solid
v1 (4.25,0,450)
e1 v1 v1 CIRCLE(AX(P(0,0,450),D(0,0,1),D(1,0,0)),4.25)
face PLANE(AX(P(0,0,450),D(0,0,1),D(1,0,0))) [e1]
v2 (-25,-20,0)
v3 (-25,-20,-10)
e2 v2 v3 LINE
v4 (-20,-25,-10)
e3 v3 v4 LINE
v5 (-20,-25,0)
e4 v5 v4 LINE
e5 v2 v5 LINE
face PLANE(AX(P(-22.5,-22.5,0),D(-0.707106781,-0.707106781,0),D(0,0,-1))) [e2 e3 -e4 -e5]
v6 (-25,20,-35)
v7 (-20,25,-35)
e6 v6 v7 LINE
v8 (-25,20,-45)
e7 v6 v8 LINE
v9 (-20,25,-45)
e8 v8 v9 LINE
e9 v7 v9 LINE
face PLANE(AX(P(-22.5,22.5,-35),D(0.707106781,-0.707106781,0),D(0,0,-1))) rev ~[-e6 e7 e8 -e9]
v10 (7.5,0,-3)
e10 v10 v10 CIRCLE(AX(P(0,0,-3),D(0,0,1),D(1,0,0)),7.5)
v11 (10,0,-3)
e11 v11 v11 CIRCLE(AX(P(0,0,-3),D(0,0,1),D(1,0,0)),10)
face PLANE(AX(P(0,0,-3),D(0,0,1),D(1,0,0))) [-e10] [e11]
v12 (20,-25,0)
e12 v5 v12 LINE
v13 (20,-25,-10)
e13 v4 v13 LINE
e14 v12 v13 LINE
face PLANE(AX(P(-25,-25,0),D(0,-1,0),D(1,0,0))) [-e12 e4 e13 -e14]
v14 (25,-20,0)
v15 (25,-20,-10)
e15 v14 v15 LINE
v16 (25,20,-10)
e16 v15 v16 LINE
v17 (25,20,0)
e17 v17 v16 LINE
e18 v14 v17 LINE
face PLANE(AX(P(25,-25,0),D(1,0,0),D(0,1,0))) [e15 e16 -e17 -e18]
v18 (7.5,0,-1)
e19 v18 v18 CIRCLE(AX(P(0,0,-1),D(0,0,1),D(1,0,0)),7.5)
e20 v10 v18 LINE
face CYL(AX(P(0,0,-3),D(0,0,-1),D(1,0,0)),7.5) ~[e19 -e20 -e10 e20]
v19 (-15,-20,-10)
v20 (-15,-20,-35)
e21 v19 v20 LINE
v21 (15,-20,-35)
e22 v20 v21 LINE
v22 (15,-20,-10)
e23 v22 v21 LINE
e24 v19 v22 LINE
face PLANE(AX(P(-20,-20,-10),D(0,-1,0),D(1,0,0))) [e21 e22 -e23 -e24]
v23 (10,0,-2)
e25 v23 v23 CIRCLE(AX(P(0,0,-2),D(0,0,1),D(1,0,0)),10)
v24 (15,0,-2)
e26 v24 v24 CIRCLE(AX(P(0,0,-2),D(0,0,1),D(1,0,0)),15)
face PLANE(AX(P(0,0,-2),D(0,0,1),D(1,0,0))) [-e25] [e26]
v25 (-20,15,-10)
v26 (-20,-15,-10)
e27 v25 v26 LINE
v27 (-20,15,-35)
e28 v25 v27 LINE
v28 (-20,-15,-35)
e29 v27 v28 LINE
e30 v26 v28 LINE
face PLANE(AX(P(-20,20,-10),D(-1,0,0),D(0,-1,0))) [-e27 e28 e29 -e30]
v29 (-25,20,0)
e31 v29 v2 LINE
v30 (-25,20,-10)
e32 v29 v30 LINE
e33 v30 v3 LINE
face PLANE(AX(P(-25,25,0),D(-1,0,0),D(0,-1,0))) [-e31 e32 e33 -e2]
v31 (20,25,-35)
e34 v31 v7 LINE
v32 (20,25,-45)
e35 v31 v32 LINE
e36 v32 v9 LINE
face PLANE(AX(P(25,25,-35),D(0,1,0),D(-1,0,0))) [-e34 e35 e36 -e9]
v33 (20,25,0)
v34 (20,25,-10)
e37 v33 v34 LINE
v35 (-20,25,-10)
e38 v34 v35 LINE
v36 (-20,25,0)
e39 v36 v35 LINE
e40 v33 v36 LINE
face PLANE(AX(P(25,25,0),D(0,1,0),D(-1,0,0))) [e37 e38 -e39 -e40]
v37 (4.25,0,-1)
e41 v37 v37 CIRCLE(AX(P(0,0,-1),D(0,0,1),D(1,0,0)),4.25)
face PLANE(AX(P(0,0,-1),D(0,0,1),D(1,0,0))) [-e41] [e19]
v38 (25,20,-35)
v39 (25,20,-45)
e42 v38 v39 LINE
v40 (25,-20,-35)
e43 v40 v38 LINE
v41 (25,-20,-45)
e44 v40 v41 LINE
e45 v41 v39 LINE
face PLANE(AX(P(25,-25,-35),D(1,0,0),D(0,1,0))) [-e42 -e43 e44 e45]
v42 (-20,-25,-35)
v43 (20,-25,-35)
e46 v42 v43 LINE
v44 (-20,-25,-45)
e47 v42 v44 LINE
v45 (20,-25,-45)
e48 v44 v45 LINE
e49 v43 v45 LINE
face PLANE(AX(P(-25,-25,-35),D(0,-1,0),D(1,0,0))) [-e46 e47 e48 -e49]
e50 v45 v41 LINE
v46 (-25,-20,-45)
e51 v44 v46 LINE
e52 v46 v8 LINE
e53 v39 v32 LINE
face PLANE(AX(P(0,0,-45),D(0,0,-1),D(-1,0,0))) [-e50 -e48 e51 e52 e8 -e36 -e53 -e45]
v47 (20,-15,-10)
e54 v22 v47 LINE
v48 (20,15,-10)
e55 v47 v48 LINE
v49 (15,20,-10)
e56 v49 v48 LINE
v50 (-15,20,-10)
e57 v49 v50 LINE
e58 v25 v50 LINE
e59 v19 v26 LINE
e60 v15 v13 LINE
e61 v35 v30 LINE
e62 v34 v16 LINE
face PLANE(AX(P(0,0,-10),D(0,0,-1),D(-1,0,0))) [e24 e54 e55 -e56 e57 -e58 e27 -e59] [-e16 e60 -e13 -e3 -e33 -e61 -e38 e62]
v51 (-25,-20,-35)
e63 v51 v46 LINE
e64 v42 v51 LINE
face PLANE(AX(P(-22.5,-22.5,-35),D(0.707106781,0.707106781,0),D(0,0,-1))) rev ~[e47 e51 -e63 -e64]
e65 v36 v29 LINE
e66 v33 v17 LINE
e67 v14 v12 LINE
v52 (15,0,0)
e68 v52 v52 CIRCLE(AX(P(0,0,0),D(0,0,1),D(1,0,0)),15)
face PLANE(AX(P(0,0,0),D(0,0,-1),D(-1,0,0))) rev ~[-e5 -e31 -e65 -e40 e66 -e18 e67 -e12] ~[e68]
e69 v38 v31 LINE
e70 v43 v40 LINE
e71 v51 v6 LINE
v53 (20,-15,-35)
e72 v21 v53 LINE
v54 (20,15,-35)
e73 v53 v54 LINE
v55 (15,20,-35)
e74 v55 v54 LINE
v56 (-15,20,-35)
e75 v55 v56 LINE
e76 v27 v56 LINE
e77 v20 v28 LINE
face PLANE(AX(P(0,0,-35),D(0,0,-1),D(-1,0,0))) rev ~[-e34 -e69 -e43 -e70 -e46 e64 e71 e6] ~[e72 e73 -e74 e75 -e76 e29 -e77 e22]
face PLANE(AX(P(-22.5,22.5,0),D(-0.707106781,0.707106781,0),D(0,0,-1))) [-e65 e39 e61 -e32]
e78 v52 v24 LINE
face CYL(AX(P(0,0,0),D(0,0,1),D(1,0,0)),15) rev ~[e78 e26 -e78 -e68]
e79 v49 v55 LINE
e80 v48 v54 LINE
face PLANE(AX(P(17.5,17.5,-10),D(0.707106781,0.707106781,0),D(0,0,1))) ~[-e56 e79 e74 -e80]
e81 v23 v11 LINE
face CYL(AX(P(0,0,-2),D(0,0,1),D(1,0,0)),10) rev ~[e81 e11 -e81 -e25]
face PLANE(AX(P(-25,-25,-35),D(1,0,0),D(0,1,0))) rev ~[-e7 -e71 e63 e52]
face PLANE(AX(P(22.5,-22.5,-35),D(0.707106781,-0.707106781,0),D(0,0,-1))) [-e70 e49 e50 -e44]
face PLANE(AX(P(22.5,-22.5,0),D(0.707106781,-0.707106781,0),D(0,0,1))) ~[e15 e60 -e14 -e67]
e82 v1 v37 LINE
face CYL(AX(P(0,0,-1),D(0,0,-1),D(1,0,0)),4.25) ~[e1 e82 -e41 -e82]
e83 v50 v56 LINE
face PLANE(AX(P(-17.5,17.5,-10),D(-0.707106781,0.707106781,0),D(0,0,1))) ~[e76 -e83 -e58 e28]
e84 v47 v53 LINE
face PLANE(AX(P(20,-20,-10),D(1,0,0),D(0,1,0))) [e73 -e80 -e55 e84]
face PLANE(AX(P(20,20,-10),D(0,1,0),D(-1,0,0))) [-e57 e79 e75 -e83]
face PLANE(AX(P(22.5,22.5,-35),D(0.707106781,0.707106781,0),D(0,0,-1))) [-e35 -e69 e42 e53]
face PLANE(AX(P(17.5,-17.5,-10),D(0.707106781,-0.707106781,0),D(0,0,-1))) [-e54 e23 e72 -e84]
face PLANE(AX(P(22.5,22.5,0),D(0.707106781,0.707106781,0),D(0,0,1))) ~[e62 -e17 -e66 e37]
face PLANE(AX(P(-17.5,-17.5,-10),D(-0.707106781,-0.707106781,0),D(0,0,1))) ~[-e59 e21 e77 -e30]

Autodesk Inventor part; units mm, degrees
ref_plane "YZ Plane" through (0, 0, 0) normal (1, 0, 0) x (0, 1, 0)
ref_plane "XZ Plane" through (0, 0, 0) normal (0, 1, 0) x (-1, 0, 0)
ref_plane "XY Plane" through (0, 0, 0) normal (0, 0, 1) x (1, 0, 0)
sketch "草图1" plane through (0, 0, 0) normal (0, 0, 1) x (1, 0, 0)
  circle A0 centre (0, 0) radius 4.25
  dimension "d0" = 8.5
extrude "拉伸1" add sketch "草图1" along normal blind 450
sketch "草图2" plane through (0, 0, 0) normal (0, 0, -1) x (-1, 0, 0)
  line L0 (-25, 25) -> (25, 25)
  line L1 (25, 25) -> (25, -25)
  line L2 (25, -25) -> (-25, -25)
  line L3 (-25, -25) -> (-25, 25)
  circle A0 centre (0, 0) radius 4.25 projected
  line L4 (-25, 25) -> (25, -25) construction
  line L5 (25, 25) -> (-25, -25) construction
  dimension "d3" = 50
  dimension "d4" = 50
extrude "拉伸2" add sketch "草图2" along normal blind 10 contours L0 L1 L2 L3 | A0
sketch "草图3" plane through (0, 0, 0) normal (0, 0, 1) x (1, 0, 0)
  circle A0 centre (0, 0) radius 15
  dimension "d7" = 30
extrude "拉伸3" cut sketch "草图3" against normal blind 2
sketch "草图4" plane through (0, 0, -2) normal (0, 0, 1) x (1, 0, 0)
  circle A0 centre (0, 0) radius 10
  dimension "d10" = 20
extrude "拉伸4" cut sketch "草图4" against normal blind 1
sketch "草图5" plane through (0, 0, -3) normal (0, 0, 1) x (1, 0, 0)
  circle A0 centre (0, 0) radius 7.5
  dimension "d13" = 15
extrude "拉伸5" add sketch "草图5" along normal blind 2
sketch "草图6" plane through (0, 0, -1) normal (0, 0, 1) x (1, 0, 0)
  circle A0 centre (0, 0) radius 4.25 projected
extrude "拉伸6" add sketch "草图6" along normal blind 2
sketch "草图7" plane through (0, 0, -10) normal (0, 0, -1) x (-1, 0, 0)
  line L0 (-20, 20) -> (20, 20)
  line L1 (20, 20) -> (20, -20)
  line L2 (20, -20) -> (-20, -20)
  line L3 (-20, -20) -> (-20, 20)
  line L4 (-20, 20) -> (20, -20) construction
  line L5 (20, 20) -> (-20, -20) construction
  point P0 (0, 0)
  dimension "d18" = 40
  dimension "d19" = 40
extrude "拉伸7" add sketch "草图7" along normal blind 25
sketch "草图8" plane through (0, 0, -35) normal (0, 0, -1) x (-1, 0, 0)
  line L0 (25, -25) -> (25, 25) projected
  line L1 (-25, 25) -> (25, 25)
  line L2 (25, 25) -> (25, -25)
  line L3 (25, -25) -> (-25, -25)
  line L4 (-25, -25) -> (-25, 25)
  circle A0 centre (0, 0) radius 7.5 projected
  line L5 (-25, 25) -> (25, -25) construction
  line L6 (25, 25) -> (-25, -25) construction
  dimension "d22" = 50
  dimension "d23" = 50
extrude "拉伸8" add sketch "草图8" along normal blind 10 contours L3 L4 L1 L0 | A0
chamfer "倒角1" distance 5 angle 45 12 edges at (20, -20, -22.5) (25, -25, -5) (25, -25, -40) (-25, -25, -40) (-20, -20, -22.5) (-25, -25, -5) (25, 25, -5) (20, 20, -22.5) (25, 25, -40) (-20, 20, -22.5) (-25, 25, -5) (-25, 25, -40)
thread "螺纹1" size "M9x1.25" class "6g" standard "ANSI Metric M Profile" full length
properties part number "步进电机"
